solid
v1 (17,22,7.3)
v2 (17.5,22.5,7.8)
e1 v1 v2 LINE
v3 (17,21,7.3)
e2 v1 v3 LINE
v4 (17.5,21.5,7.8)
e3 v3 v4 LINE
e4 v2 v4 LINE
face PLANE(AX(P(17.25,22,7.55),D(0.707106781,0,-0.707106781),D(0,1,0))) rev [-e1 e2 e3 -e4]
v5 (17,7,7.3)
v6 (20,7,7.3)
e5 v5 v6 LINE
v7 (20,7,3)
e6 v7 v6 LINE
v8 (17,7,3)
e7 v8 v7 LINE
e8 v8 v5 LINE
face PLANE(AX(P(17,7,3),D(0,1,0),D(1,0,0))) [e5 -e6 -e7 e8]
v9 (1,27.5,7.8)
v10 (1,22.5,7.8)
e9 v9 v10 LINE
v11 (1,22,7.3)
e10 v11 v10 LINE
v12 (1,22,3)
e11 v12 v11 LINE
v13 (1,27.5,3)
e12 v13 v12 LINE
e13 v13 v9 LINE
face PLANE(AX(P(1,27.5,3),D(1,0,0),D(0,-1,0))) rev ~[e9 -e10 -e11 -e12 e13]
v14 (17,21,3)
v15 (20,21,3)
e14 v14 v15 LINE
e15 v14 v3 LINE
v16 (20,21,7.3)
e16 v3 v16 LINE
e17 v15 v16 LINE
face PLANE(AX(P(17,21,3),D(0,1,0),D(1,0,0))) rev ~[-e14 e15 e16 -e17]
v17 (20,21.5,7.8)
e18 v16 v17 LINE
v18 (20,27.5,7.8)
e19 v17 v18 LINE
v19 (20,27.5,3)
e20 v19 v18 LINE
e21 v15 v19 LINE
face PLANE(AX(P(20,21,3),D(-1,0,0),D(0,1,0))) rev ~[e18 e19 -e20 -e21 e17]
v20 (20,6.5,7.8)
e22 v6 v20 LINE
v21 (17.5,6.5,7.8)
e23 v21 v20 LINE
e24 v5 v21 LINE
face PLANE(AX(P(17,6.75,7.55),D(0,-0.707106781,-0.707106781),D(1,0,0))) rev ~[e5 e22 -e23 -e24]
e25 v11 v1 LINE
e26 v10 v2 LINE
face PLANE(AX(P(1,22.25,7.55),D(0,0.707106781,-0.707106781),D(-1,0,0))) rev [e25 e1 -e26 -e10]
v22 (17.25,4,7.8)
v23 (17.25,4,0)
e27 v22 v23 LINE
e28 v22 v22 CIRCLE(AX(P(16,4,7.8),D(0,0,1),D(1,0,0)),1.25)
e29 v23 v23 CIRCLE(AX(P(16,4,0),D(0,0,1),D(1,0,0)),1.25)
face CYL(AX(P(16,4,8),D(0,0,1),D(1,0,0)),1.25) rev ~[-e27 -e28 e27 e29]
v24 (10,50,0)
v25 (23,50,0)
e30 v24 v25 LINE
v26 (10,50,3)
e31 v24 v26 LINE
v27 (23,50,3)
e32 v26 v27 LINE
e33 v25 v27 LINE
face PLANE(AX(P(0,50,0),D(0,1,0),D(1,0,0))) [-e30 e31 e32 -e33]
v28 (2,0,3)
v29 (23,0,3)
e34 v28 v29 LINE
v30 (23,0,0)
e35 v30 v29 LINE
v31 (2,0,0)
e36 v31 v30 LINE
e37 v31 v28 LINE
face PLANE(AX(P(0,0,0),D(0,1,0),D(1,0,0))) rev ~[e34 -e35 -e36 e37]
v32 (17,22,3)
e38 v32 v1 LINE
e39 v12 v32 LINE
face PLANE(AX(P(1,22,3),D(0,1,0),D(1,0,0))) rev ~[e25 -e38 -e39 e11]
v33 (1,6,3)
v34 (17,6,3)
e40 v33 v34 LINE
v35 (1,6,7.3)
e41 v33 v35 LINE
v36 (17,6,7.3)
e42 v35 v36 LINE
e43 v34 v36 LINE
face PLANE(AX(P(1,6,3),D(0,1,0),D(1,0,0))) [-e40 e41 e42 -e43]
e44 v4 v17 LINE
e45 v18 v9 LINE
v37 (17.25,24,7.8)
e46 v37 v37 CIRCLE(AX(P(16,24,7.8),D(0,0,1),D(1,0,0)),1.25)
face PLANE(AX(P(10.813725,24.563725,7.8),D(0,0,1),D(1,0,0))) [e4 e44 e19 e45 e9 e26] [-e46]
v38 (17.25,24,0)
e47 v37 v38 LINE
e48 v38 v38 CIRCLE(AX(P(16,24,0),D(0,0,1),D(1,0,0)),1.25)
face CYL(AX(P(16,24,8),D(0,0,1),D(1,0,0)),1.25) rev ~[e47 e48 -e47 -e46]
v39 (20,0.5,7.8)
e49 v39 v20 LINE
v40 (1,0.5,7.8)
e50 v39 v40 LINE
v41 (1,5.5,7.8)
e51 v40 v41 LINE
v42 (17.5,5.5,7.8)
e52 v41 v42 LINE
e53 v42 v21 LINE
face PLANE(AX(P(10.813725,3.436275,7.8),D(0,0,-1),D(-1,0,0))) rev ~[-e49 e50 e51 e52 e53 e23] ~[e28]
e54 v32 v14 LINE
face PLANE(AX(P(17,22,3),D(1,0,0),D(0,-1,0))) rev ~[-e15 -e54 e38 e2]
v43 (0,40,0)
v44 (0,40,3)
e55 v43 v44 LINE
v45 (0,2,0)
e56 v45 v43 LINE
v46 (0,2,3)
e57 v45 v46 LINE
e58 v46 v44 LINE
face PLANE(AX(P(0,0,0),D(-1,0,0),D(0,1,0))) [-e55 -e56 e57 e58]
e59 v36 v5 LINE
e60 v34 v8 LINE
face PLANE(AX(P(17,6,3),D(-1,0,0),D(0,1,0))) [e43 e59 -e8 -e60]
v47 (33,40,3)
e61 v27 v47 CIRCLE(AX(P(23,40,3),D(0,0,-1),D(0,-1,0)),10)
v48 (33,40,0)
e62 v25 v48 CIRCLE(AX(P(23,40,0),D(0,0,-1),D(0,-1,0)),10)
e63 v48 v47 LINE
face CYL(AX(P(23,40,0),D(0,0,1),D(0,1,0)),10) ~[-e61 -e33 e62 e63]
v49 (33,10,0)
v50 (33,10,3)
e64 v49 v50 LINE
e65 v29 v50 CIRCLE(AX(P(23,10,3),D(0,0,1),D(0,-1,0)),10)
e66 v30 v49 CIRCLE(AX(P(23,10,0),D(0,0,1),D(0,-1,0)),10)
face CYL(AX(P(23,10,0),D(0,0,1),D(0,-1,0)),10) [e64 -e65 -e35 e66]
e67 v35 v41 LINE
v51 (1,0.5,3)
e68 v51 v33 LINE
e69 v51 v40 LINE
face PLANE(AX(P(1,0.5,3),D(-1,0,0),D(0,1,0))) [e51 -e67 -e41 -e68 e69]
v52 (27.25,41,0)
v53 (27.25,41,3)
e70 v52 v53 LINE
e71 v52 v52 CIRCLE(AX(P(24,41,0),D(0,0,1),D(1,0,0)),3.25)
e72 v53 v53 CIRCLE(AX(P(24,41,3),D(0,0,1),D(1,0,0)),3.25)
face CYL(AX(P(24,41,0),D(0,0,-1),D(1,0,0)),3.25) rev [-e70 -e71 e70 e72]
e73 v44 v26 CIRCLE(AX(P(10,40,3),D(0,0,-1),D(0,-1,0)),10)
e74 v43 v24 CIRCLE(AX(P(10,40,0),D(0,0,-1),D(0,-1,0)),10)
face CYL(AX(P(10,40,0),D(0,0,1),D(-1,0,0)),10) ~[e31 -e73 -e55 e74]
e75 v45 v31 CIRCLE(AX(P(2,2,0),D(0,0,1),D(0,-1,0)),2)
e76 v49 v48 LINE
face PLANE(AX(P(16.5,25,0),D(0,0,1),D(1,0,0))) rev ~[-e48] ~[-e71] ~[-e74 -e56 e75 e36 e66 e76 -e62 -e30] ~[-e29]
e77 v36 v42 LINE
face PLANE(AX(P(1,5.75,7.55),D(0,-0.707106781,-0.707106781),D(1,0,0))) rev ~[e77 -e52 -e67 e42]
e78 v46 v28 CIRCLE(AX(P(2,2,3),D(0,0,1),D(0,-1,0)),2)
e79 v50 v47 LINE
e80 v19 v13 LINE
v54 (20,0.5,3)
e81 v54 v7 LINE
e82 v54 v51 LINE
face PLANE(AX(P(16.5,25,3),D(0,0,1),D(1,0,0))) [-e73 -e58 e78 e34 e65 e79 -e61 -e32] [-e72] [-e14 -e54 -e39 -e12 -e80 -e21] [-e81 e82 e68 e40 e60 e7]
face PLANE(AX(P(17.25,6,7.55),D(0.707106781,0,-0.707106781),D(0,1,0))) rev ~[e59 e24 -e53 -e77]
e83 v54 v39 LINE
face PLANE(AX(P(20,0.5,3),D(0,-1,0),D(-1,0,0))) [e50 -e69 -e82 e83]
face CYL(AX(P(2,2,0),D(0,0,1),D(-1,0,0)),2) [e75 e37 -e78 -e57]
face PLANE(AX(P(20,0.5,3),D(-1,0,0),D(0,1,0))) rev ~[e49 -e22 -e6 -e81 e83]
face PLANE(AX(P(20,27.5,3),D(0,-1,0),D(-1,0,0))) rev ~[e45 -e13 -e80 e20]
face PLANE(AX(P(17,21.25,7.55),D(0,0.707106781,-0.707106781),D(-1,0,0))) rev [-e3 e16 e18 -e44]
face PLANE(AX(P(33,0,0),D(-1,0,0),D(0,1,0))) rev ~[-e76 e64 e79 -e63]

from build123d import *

# Parameters (mm, degrees)
SKETCH_W     = 33
SKETCH_H     = 50
SKETCH_R     = 3.25
PAD_DEPTH    = 3
FILLET_R     = 2
FILLET001_R  = 10
PAD001_DEPTH = 4.8
SKETCH002_R  = 1.25
POCKET_DEPTH = 8.001
CHAMFER_SIZE = 0.5


with BuildPart() as part:
    # Sketch → Pad (new body)
    with BuildSketch(Plane.XY):
        with Locations((16.5, 25)):
            Rectangle(SKETCH_W, SKETCH_H)
        with Locations((24, 41)):
            Circle(SKETCH_R, mode=Mode.SUBTRACT)
    extrude(amount=PAD_DEPTH)

    # Fillet
    fillet_edges = [part.edges().sort_by_distance(p)[0] for p in [
        (0, 0, 1.5),
    ]]
    fillet(fillet_edges, radius=FILLET_R)

    # Fillet001
    fillet001_edges = [part.edges().sort_by_distance(p)[0] for p in [
        (33, 0, 1.5),
        (0, 50, 1.5),
        (33, 50, 1.5),
    ]]
    fillet(fillet001_edges, radius=FILLET001_R)

    # Sketch001 → Pad001 (join)
    with BuildSketch(Plane.XY.offset(3)):
        Polygon((20, 22), (20, 27.5), (1, 27.5), (1, 22), (17, 22), (17, 21), (20, 21), align=None)
        Polygon((1, 0.5), (1, 6), (17, 6), (17, 7), (20, 7), (20, 6), (20, 0.5), align=None)
    extrude(amount=PAD001_DEPTH)

    # Sketch002 → Pocket (cut, through all)
    with BuildSketch(Plane.XY.offset(8)):
        with Locations((16, 24)):
            Circle(SKETCH002_R)
        with Locations((16, 4)):
            Circle(SKETCH002_R)
    extrude(amount=-POCKET_DEPTH, mode=Mode.SUBTRACT)

    # Chamfer
    chamfer_edges = [part.edges().sort_by_distance(p)[0] for p in [
        (9, 22, 7.8),
        (9, 6, 7.8),
        (17, 21.5, 7.8),
        (17, 6.5, 7.8),
        (18.5, 7, 7.8),
        (18.5, 21, 7.8),
    ]]
    chamfer(chamfer_edges, length=CHAMFER_SIZE)


solid = part.part
